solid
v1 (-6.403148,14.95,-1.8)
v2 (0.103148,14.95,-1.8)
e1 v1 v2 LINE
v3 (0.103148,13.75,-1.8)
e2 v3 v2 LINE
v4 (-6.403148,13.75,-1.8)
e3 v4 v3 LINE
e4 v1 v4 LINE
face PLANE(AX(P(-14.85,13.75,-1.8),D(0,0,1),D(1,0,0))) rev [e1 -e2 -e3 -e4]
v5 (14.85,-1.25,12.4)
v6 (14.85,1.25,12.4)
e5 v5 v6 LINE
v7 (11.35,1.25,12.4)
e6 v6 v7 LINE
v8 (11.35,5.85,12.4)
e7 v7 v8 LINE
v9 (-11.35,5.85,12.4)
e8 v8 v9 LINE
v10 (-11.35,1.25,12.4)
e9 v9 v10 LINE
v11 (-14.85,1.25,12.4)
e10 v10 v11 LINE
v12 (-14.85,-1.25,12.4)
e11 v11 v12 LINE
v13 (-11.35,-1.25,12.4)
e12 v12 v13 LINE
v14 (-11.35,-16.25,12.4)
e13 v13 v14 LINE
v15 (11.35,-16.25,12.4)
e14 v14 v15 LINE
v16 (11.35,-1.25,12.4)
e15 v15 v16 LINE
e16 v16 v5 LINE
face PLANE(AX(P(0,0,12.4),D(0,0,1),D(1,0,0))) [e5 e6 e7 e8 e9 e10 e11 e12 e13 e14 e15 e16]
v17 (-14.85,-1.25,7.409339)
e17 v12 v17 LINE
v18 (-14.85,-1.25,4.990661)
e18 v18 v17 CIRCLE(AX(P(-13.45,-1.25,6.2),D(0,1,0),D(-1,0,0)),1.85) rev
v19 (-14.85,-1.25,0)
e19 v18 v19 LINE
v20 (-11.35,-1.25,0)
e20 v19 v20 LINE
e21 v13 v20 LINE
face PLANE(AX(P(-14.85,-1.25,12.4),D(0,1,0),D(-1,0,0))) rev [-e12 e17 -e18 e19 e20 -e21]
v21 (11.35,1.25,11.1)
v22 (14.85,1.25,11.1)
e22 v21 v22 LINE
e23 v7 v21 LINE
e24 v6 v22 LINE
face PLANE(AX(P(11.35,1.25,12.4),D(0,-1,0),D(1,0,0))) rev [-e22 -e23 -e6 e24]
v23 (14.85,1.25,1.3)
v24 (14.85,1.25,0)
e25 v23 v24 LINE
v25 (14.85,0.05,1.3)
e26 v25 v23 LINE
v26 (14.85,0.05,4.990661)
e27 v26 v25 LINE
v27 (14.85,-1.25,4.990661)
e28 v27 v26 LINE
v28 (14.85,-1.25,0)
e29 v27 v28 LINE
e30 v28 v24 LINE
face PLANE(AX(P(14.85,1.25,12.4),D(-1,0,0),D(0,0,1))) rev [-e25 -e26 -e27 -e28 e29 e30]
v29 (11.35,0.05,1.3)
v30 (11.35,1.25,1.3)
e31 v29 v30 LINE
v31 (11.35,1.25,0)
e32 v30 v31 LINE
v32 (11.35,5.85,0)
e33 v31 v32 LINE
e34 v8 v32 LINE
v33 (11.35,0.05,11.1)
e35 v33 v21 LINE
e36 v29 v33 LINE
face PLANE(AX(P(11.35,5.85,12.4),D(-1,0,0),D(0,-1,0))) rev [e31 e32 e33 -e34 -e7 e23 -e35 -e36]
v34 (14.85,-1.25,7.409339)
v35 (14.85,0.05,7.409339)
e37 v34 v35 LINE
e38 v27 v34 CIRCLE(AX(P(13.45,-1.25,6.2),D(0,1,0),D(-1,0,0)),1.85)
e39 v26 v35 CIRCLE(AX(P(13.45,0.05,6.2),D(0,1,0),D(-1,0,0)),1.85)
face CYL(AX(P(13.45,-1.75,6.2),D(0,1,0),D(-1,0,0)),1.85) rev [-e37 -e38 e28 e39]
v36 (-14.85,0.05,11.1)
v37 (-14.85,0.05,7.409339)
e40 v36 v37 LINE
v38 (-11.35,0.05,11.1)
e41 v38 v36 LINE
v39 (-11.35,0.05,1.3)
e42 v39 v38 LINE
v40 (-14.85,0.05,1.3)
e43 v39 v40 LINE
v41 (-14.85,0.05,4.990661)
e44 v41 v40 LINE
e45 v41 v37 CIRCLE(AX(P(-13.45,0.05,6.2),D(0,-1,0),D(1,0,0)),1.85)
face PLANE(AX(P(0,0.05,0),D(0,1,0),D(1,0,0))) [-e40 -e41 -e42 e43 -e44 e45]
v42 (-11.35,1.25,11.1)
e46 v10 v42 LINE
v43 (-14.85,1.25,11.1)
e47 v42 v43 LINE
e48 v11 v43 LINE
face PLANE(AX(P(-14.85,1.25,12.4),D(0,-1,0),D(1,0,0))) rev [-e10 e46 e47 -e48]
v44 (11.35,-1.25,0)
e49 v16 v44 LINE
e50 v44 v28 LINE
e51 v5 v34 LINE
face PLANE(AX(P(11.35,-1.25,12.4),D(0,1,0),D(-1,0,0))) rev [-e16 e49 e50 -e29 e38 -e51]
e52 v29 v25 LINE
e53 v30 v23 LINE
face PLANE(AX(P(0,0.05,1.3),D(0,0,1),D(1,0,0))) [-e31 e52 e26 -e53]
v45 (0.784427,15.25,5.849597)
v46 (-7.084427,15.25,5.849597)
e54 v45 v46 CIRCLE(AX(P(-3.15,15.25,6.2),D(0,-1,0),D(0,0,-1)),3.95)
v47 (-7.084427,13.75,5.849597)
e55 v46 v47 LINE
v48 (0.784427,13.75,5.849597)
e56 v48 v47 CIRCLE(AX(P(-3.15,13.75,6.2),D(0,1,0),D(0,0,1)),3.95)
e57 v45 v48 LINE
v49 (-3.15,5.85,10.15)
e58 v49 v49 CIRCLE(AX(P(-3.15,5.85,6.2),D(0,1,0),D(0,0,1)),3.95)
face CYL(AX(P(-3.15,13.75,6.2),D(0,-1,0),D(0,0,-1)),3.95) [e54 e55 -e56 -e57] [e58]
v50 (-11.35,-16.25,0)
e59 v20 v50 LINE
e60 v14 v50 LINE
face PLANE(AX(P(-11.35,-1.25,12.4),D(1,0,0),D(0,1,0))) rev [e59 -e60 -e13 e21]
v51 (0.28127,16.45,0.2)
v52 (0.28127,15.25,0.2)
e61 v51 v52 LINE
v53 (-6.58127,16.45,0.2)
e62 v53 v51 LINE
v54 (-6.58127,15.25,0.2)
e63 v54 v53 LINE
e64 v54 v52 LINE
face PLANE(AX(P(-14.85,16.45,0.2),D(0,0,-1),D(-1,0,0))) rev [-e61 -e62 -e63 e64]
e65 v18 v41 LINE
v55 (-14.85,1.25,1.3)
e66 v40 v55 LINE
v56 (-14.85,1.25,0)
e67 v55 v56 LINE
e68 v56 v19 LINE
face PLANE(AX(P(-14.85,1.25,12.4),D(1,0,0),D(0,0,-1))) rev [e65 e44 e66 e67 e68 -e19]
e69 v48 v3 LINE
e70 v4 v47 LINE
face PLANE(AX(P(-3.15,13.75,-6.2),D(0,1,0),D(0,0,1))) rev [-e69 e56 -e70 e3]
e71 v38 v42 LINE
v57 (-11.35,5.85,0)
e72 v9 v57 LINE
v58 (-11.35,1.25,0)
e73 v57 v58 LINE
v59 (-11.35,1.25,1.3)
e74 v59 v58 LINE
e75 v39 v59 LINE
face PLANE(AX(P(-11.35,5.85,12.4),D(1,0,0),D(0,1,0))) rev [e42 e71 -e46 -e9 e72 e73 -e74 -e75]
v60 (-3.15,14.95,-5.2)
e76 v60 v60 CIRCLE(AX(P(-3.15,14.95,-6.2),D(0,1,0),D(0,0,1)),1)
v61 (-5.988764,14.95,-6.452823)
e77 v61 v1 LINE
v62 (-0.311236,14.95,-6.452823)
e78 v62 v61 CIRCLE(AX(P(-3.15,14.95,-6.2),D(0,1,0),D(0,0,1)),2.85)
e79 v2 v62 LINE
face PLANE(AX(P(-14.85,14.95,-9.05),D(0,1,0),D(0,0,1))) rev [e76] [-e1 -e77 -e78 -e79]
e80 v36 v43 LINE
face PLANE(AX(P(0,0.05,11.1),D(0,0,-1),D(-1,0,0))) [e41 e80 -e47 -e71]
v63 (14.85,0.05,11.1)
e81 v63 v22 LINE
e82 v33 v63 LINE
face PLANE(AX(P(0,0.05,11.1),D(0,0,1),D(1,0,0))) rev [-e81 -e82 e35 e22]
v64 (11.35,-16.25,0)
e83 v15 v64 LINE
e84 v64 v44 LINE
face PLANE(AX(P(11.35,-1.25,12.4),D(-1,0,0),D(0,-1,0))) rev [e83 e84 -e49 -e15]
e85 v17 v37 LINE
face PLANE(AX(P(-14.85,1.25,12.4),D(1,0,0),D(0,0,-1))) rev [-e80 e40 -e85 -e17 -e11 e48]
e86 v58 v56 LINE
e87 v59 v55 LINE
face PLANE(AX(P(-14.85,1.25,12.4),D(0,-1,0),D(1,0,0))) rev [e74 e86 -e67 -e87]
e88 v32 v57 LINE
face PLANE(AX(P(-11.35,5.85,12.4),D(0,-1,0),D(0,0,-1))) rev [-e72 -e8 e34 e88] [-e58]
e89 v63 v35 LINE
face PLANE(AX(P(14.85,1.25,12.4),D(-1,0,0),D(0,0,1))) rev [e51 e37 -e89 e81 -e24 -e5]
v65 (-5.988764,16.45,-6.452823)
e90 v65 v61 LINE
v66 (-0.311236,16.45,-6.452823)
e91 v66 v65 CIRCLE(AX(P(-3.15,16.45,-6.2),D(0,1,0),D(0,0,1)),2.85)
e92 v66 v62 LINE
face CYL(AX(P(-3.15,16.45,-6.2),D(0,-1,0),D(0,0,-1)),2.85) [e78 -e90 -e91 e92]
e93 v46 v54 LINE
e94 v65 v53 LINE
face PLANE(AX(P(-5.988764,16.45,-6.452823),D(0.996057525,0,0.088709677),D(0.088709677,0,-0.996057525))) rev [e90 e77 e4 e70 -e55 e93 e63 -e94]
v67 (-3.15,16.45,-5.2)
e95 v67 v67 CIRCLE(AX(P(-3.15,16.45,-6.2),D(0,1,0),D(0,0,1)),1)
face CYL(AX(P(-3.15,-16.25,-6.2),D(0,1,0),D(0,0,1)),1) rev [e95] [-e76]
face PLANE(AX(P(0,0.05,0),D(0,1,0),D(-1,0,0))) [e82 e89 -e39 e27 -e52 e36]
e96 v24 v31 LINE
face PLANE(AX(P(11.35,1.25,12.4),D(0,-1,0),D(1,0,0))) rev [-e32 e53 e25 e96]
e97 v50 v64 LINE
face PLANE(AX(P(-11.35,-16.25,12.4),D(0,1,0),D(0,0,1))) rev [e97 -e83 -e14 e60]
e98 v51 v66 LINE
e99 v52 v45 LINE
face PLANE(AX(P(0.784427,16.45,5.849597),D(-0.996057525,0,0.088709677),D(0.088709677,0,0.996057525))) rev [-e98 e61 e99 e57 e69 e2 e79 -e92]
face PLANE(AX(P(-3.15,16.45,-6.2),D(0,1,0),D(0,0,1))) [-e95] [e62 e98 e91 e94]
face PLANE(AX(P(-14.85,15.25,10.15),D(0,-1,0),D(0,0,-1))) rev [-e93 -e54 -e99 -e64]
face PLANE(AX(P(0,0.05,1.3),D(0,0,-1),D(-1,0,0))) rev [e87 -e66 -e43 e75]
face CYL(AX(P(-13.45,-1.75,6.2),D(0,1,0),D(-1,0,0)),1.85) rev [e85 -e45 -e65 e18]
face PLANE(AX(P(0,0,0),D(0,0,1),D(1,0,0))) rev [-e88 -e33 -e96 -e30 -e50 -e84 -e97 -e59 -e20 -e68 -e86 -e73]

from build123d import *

# Parameters (mm, degrees)
BOSS_EXTRUDE1_DEPTH     = 12.4
CUT_EXTRUDE1_DEPTH      = 1.2
CUT_EXTRUDE2_DEPTH      = 3
SKETCH3_R               = 3.95
TURNBASE_DEPTH          = 7.9
BOSS_EXTRUDE3_DEPTH     = 2.7
CUT_EXTRUDE3_DEPTH      = 26.394586037
CUT_EXTRUDE3_DEPTH_BACK = 26.394586037
SKETCH6_W               = 7.25
SKETCH6_H               = 1.2
SKETCH6_W_2             = 9.95
SKETCH7_R               = 1
CUT_EXTRUDE4_DEPTH      = 38.994374584


with BuildPart() as part:
    # Sketch1 → Boss-Extrude1 (new body)
    with BuildSketch(Plane.XY):
        Polygon((-11.35, -1.25), (-11.35, -16.25), (11.35, -16.25), (11.35, -1.25), (14.85, -1.25), (14.85, 1.25), (11.35, 1.25), (11.35, 5.85), (-11.35, 5.85), (-11.35, 1.25), (-14.85, 1.25), (-14.85, -1.25), align=None)
    extrude(amount=BOSS_EXTRUDE1_DEPTH)

    # Sketch2 → Cut-Extrude1 (cut)
    with BuildSketch(Plane(origin=(0, 1.25, 0), x_dir=(1, 0, 0), z_dir=(0, 1, 0))):
        with BuildLine():
            Line((14.85, -1.3), (11.35, -1.3))
            Line((11.35, -1.3), (11.35, -11.1))
            Line((11.35, -11.1), (14.85, -11.1))
            Line((14.85, -11.1), (14.85, -7.409338662))
            ThreePointArc((14.85, -7.409338662), (11.6, -6.2), (14.85, -4.990661338))
            Line((14.85, -4.990661338), (14.85, -1.3))
        make_face()
    cut_extrude1 = extrude(amount=-CUT_EXTRUDE1_DEPTH, mode=Mode.SUBTRACT)

    # Sketch2<3> → Cut-Extrude2 (cut)
    with BuildSketch(Plane(origin=(0, 1.25, 0), x_dir=(1, 0, 0), z_dir=(0, 1, 0))):
        with BuildLine():
            Line((14.85, -7.409338662), (14.85, -4.990661338))
            ThreePointArc((14.85, -4.990661338), (11.6, -6.2), (14.85, -7.409338662))
        make_face()
    cut_extrude2 = extrude(amount=-CUT_EXTRUDE2_DEPTH, mode=Mode.SUBTRACT)

    # Mirror1: Cut-Extrude1, Cut-Extrude2 across plane
    add(cut_extrude1.mirror(Plane(origin=(0, 0, 0), x_dir=(0, 0, 1), z_dir=(1, 0, 0))), mode=Mode.SUBTRACT)
    add(cut_extrude2.mirror(Plane(origin=(0, 0, 0), x_dir=(0, 0, 1), z_dir=(1, 0, 0))), mode=Mode.SUBTRACT)

    # Sketch3 → TurnBase (add)
    with BuildSketch(Plane(origin=(0, 5.85, 0), x_dir=(1, 0, 0), z_dir=(0, 1, 0))):
        with Locations((-3.15, -6.2)):
            Circle(SKETCH3_R)
    extrude(amount=TURNBASE_DEPTH)

    # Sketch4 → Boss-Extrude3 (add)
    with BuildSketch(Plane(origin=(0, 13.75, 0), x_dir=(1, 0, 0), z_dir=(0, 1, 0))):
        with BuildLine():
            Line((-5.988763946, 6.452822581), (-7.084427224, -5.849596774))
            ThreePointArc((-7.084427224, -5.849596774), (-3.15, -10.15), (0.784427224, -5.849596774))
            Line((0.784427224, -5.849596774), (-0.311236054, 6.452822581))
            ThreePointArc((-0.311236054, 6.452822581), (-3.15, 9.05), (-5.988763946, 6.452822581))
        make_face()
    extrude(amount=BOSS_EXTRUDE3_DEPTH)

    # Sketch6 → Cut-Extrude3 (cut, two sides: drawn at the far end of the back side and taken through both)
    with BuildSketch(Plane(origin=(0, 0, 0), x_dir=(0, 0, -1), z_dir=(1, 0, 0)).offset(-CUT_EXTRUDE3_DEPTH_BACK)):
        with Locations((5.425, 14.35)):
            Rectangle(SKETCH6_W, SKETCH6_H)
        with Locations((-5.175, 15.85)):
            Rectangle(SKETCH6_W_2, SKETCH6_H)
    extrude(amount=CUT_EXTRUDE3_DEPTH + CUT_EXTRUDE3_DEPTH_BACK, mode=Mode.SUBTRACT)

    # Sketch7 → Cut-Extrude4 (cut, through all)
    with BuildSketch(Plane(origin=(0, 16.45, 0), x_dir=(1, 0, 0), z_dir=(0, 1, 0))):
        with Locations((-3.15, 6.2)):
            Circle(SKETCH7_R)
    extrude(amount=-CUT_EXTRUDE4_DEPTH, mode=Mode.SUBTRACT)


solid = part.part
